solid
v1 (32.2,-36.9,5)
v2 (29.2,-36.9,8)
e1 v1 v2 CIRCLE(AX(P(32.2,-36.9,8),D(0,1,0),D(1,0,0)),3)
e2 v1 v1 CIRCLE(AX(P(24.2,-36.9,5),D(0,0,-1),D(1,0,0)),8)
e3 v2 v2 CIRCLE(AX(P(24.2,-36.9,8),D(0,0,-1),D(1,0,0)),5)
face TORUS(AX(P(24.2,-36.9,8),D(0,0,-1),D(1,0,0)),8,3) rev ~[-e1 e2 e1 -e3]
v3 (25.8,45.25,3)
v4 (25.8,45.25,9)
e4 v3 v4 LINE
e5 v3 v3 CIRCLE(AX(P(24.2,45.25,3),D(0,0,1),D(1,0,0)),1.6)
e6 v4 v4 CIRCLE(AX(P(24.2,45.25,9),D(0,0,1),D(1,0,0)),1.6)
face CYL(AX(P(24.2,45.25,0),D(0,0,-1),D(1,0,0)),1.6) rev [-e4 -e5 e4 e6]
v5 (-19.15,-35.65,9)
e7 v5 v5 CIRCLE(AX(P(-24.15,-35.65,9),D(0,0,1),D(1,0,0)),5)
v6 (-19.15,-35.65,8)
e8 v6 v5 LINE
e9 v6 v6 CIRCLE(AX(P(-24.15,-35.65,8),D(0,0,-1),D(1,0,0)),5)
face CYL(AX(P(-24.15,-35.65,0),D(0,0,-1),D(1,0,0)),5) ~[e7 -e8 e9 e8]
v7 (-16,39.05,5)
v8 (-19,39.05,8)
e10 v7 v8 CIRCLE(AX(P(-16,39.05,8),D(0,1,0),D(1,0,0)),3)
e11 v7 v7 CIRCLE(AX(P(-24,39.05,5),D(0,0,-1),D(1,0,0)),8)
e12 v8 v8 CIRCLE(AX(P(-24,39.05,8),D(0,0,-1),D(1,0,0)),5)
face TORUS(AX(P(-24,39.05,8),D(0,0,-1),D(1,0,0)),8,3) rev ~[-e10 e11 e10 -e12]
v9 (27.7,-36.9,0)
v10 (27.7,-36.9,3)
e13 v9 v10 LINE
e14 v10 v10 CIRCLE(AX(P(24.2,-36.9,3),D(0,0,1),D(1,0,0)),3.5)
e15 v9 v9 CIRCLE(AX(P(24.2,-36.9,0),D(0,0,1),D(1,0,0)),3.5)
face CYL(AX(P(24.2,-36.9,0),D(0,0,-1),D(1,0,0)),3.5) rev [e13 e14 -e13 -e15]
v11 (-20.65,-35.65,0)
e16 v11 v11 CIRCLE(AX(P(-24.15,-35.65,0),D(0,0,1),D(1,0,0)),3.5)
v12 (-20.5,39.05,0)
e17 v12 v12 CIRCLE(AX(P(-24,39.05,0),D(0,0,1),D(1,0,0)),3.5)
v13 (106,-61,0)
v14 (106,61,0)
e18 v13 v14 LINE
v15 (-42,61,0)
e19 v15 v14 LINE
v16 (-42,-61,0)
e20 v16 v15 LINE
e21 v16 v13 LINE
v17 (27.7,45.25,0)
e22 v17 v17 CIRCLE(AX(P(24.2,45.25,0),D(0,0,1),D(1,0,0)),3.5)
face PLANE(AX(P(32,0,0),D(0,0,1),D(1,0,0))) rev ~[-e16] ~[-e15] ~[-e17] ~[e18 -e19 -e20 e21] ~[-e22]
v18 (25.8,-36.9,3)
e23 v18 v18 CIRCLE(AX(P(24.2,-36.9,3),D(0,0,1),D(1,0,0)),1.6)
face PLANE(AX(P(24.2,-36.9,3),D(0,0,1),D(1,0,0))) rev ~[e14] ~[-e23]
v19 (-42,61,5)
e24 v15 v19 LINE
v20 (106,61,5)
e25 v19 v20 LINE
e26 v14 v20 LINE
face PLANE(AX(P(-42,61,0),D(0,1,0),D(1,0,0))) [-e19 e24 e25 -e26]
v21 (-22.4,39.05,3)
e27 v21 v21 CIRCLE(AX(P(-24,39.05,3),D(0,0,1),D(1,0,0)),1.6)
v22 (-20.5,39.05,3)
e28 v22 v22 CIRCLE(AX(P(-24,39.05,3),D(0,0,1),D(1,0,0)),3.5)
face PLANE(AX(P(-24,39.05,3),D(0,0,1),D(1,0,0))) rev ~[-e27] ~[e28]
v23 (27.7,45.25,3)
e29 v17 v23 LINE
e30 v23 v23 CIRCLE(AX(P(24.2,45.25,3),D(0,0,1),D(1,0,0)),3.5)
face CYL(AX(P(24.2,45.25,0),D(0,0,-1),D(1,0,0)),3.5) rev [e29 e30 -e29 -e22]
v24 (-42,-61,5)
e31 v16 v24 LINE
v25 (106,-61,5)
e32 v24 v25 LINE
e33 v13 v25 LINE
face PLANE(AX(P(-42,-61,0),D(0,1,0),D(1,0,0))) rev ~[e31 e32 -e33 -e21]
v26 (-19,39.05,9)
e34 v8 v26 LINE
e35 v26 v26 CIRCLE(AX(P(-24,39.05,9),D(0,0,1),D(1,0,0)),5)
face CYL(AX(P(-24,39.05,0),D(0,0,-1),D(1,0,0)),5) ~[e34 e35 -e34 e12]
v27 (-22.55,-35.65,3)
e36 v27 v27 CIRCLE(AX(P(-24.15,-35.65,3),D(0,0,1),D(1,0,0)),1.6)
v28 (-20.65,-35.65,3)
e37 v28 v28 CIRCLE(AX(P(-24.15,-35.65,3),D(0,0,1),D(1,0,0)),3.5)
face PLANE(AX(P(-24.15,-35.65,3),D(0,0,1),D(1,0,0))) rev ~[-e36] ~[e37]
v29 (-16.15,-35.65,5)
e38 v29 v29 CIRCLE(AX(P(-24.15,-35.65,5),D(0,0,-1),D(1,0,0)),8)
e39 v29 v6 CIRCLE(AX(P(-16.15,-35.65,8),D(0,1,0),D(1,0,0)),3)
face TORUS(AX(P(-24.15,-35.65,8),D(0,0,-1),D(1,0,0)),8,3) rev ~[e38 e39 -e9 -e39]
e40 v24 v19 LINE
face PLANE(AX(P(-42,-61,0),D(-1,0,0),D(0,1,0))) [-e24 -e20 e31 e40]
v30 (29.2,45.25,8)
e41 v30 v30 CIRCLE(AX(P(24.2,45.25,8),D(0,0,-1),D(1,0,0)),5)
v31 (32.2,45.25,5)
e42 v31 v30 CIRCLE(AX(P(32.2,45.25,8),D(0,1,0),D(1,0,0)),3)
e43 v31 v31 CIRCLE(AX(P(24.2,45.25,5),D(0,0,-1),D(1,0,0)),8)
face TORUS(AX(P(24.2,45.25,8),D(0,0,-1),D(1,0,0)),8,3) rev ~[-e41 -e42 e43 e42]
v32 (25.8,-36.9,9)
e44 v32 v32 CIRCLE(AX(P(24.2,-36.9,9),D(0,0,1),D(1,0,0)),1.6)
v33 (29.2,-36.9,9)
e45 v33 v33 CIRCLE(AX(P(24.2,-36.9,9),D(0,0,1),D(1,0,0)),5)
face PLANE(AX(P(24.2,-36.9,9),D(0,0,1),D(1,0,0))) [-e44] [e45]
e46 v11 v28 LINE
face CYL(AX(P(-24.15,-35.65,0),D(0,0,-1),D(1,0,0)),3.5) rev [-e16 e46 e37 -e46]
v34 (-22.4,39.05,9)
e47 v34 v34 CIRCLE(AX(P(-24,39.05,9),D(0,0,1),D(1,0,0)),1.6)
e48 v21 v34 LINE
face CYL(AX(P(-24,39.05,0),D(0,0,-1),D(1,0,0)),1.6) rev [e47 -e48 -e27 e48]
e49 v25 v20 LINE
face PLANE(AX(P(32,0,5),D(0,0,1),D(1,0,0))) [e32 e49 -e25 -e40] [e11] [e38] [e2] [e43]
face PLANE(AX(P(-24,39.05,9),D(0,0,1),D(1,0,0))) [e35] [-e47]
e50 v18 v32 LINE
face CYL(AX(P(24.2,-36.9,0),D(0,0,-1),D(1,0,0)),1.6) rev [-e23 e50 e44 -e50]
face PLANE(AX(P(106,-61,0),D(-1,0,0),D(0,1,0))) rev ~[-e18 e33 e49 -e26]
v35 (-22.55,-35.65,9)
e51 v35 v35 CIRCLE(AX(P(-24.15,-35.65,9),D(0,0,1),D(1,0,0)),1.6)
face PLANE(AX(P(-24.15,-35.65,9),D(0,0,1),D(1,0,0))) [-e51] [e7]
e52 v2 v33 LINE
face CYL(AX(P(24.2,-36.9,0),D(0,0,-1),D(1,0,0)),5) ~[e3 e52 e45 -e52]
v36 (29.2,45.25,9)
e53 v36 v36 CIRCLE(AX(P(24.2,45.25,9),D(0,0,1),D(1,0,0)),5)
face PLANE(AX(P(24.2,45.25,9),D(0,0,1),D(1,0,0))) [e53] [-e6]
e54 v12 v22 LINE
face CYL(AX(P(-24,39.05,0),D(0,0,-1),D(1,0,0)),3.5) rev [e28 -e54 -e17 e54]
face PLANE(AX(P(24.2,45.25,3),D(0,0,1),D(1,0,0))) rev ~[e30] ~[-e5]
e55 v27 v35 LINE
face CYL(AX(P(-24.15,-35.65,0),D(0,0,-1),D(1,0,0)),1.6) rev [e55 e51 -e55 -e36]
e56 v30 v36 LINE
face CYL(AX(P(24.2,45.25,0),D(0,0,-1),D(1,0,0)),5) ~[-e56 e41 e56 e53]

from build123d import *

# Parameters (mm, degrees)
F0_W     = 148
F0_H     = 122
F0_W_2   = 64
F0_H_2   = 102
F0_W_3   = 54
F0_H_3   = 82
F0_R     = 5
F0_R_2   = 3.5
F0_R_3   = 1.6
F1_DEPTH = 5
F2_DEPTH = 9
F3_DEPTH = 3
F4_R     = 3


with BuildPart() as f1:
    # F0 (on Top) → F1 (new body)
    with BuildSketch(Plane.XY):
        with Locations((32, 0)):
            Rectangle(F0_W, F0_H)
        Rectangle(F0_W_2, F0_H_2, mode=Mode.SUBTRACT)
        with Locations((69, 0)):
            Rectangle(F0_W_3, F0_H_3, mode=Mode.SUBTRACT)
        Rectangle(F0_W_2, F0_H_2)
        with Locations((-24.15, -35.65)):
            Circle(F0_R, mode=Mode.SUBTRACT)
        with Locations((24.2, -36.9)):
            Circle(F0_R, mode=Mode.SUBTRACT)
        with Locations((-24, 39.05)):
            Circle(F0_R, mode=Mode.SUBTRACT)
        with Locations((24.2, 45.25)):
            Circle(F0_R, mode=Mode.SUBTRACT)
        with Locations((69, 0)):
            Rectangle(F0_W_3, F0_H_3)
        with Locations((24.2, -36.9)):
            Circle(F0_R)
        with Locations((24.2, -36.9)):
            Circle(F0_R_2, mode=Mode.SUBTRACT)
        with Locations((-24.15, -35.65)):
            Circle(F0_R)
        with Locations((-24.15, -35.65)):
            Circle(F0_R_2, mode=Mode.SUBTRACT)
        with Locations((-24, 39.05)):
            Circle(F0_R)
        with Locations((-24, 39.05)):
            Circle(F0_R_2, mode=Mode.SUBTRACT)
        with Locations((24.2, 45.25)):
            Circle(F0_R)
        with Locations((24.2, 45.25)):
            Circle(F0_R_2, mode=Mode.SUBTRACT)
        with Locations((-24.15, -35.65)):
            Circle(F0_R_2)
        with Locations((-24.15, -35.65)):
            Circle(F0_R_3, mode=Mode.SUBTRACT)
        with Locations((24.2, -36.9)):
            Circle(F0_R_2)
        with Locations((24.2, -36.9)):
            Circle(F0_R_3, mode=Mode.SUBTRACT)
        with Locations((24.2, 45.25)):
            Circle(F0_R_2)
        with Locations((24.2, 45.25)):
            Circle(F0_R_3, mode=Mode.SUBTRACT)
        with Locations((-24, 39.05)):
            Circle(F0_R_2)
        with Locations((-24, 39.05)):
            Circle(F0_R_3, mode=Mode.SUBTRACT)
    extrude(amount=F1_DEPTH)

    # F0 (on Top) → F2 (join)
    with BuildSketch(Plane.XY):
        with Locations((24.2, -36.9)):
            Circle(F0_R)
        with Locations((24.2, -36.9)):
            Circle(F0_R_2, mode=Mode.SUBTRACT)
        with Locations((-24.15, -35.65)):
            Circle(F0_R)
        with Locations((-24.15, -35.65)):
            Circle(F0_R_2, mode=Mode.SUBTRACT)
        with Locations((-24, 39.05)):
            Circle(F0_R)
        with Locations((-24, 39.05)):
            Circle(F0_R_2, mode=Mode.SUBTRACT)
        with Locations((24.2, 45.25)):
            Circle(F0_R)
        with Locations((24.2, 45.25)):
            Circle(F0_R_2, mode=Mode.SUBTRACT)
        with Locations((-24, 39.05)):
            Circle(F0_R_2)
        with Locations((-24, 39.05)):
            Circle(F0_R_3, mode=Mode.SUBTRACT)
        with Locations((24.2, 45.25)):
            Circle(F0_R_2)
        with Locations((24.2, 45.25)):
            Circle(F0_R_3, mode=Mode.SUBTRACT)
        with Locations((24.2, -36.9)):
            Circle(F0_R_2)
        with Locations((24.2, -36.9)):
            Circle(F0_R_3, mode=Mode.SUBTRACT)
        with Locations((-24.15, -35.65)):
            Circle(F0_R_2)
        with Locations((-24.15, -35.65)):
            Circle(F0_R_3, mode=Mode.SUBTRACT)
    extrude(amount=F2_DEPTH)

    # F0 (on Top) → F3 (cut)
    with BuildSketch(Plane.XY):
        with Locations((24.2, -36.9)):
            Circle(F0_R_2)
        with Locations((24.2, -36.9)):
            Circle(F0_R_3, mode=Mode.SUBTRACT)
        with Locations((-24.15, -35.65)):
            Circle(F0_R_2)
        with Locations((-24.15, -35.65)):
            Circle(F0_R_3, mode=Mode.SUBTRACT)
        with Locations((-24, 39.05)):
            Circle(F0_R_2)
        with Locations((-24, 39.05)):
            Circle(F0_R_3, mode=Mode.SUBTRACT)
        with Locations((24.2, 45.25)):
            Circle(F0_R_2)
        with Locations((24.2, 45.25)):
            Circle(F0_R_3, mode=Mode.SUBTRACT)
    extrude(amount=F3_DEPTH, mode=Mode.SUBTRACT)

    # F4
    f4_edges = [f1.edges().sort_by_distance(p)[0] for p in [
        (19.2, -36.9, 5),
        (19.2, 45.25, 5),
        (-29.15, -35.65, 5),
        (-29, 39.05, 5),
    ]]
    fillet(f4_edges, radius=F4_R)


solid = f1.part
